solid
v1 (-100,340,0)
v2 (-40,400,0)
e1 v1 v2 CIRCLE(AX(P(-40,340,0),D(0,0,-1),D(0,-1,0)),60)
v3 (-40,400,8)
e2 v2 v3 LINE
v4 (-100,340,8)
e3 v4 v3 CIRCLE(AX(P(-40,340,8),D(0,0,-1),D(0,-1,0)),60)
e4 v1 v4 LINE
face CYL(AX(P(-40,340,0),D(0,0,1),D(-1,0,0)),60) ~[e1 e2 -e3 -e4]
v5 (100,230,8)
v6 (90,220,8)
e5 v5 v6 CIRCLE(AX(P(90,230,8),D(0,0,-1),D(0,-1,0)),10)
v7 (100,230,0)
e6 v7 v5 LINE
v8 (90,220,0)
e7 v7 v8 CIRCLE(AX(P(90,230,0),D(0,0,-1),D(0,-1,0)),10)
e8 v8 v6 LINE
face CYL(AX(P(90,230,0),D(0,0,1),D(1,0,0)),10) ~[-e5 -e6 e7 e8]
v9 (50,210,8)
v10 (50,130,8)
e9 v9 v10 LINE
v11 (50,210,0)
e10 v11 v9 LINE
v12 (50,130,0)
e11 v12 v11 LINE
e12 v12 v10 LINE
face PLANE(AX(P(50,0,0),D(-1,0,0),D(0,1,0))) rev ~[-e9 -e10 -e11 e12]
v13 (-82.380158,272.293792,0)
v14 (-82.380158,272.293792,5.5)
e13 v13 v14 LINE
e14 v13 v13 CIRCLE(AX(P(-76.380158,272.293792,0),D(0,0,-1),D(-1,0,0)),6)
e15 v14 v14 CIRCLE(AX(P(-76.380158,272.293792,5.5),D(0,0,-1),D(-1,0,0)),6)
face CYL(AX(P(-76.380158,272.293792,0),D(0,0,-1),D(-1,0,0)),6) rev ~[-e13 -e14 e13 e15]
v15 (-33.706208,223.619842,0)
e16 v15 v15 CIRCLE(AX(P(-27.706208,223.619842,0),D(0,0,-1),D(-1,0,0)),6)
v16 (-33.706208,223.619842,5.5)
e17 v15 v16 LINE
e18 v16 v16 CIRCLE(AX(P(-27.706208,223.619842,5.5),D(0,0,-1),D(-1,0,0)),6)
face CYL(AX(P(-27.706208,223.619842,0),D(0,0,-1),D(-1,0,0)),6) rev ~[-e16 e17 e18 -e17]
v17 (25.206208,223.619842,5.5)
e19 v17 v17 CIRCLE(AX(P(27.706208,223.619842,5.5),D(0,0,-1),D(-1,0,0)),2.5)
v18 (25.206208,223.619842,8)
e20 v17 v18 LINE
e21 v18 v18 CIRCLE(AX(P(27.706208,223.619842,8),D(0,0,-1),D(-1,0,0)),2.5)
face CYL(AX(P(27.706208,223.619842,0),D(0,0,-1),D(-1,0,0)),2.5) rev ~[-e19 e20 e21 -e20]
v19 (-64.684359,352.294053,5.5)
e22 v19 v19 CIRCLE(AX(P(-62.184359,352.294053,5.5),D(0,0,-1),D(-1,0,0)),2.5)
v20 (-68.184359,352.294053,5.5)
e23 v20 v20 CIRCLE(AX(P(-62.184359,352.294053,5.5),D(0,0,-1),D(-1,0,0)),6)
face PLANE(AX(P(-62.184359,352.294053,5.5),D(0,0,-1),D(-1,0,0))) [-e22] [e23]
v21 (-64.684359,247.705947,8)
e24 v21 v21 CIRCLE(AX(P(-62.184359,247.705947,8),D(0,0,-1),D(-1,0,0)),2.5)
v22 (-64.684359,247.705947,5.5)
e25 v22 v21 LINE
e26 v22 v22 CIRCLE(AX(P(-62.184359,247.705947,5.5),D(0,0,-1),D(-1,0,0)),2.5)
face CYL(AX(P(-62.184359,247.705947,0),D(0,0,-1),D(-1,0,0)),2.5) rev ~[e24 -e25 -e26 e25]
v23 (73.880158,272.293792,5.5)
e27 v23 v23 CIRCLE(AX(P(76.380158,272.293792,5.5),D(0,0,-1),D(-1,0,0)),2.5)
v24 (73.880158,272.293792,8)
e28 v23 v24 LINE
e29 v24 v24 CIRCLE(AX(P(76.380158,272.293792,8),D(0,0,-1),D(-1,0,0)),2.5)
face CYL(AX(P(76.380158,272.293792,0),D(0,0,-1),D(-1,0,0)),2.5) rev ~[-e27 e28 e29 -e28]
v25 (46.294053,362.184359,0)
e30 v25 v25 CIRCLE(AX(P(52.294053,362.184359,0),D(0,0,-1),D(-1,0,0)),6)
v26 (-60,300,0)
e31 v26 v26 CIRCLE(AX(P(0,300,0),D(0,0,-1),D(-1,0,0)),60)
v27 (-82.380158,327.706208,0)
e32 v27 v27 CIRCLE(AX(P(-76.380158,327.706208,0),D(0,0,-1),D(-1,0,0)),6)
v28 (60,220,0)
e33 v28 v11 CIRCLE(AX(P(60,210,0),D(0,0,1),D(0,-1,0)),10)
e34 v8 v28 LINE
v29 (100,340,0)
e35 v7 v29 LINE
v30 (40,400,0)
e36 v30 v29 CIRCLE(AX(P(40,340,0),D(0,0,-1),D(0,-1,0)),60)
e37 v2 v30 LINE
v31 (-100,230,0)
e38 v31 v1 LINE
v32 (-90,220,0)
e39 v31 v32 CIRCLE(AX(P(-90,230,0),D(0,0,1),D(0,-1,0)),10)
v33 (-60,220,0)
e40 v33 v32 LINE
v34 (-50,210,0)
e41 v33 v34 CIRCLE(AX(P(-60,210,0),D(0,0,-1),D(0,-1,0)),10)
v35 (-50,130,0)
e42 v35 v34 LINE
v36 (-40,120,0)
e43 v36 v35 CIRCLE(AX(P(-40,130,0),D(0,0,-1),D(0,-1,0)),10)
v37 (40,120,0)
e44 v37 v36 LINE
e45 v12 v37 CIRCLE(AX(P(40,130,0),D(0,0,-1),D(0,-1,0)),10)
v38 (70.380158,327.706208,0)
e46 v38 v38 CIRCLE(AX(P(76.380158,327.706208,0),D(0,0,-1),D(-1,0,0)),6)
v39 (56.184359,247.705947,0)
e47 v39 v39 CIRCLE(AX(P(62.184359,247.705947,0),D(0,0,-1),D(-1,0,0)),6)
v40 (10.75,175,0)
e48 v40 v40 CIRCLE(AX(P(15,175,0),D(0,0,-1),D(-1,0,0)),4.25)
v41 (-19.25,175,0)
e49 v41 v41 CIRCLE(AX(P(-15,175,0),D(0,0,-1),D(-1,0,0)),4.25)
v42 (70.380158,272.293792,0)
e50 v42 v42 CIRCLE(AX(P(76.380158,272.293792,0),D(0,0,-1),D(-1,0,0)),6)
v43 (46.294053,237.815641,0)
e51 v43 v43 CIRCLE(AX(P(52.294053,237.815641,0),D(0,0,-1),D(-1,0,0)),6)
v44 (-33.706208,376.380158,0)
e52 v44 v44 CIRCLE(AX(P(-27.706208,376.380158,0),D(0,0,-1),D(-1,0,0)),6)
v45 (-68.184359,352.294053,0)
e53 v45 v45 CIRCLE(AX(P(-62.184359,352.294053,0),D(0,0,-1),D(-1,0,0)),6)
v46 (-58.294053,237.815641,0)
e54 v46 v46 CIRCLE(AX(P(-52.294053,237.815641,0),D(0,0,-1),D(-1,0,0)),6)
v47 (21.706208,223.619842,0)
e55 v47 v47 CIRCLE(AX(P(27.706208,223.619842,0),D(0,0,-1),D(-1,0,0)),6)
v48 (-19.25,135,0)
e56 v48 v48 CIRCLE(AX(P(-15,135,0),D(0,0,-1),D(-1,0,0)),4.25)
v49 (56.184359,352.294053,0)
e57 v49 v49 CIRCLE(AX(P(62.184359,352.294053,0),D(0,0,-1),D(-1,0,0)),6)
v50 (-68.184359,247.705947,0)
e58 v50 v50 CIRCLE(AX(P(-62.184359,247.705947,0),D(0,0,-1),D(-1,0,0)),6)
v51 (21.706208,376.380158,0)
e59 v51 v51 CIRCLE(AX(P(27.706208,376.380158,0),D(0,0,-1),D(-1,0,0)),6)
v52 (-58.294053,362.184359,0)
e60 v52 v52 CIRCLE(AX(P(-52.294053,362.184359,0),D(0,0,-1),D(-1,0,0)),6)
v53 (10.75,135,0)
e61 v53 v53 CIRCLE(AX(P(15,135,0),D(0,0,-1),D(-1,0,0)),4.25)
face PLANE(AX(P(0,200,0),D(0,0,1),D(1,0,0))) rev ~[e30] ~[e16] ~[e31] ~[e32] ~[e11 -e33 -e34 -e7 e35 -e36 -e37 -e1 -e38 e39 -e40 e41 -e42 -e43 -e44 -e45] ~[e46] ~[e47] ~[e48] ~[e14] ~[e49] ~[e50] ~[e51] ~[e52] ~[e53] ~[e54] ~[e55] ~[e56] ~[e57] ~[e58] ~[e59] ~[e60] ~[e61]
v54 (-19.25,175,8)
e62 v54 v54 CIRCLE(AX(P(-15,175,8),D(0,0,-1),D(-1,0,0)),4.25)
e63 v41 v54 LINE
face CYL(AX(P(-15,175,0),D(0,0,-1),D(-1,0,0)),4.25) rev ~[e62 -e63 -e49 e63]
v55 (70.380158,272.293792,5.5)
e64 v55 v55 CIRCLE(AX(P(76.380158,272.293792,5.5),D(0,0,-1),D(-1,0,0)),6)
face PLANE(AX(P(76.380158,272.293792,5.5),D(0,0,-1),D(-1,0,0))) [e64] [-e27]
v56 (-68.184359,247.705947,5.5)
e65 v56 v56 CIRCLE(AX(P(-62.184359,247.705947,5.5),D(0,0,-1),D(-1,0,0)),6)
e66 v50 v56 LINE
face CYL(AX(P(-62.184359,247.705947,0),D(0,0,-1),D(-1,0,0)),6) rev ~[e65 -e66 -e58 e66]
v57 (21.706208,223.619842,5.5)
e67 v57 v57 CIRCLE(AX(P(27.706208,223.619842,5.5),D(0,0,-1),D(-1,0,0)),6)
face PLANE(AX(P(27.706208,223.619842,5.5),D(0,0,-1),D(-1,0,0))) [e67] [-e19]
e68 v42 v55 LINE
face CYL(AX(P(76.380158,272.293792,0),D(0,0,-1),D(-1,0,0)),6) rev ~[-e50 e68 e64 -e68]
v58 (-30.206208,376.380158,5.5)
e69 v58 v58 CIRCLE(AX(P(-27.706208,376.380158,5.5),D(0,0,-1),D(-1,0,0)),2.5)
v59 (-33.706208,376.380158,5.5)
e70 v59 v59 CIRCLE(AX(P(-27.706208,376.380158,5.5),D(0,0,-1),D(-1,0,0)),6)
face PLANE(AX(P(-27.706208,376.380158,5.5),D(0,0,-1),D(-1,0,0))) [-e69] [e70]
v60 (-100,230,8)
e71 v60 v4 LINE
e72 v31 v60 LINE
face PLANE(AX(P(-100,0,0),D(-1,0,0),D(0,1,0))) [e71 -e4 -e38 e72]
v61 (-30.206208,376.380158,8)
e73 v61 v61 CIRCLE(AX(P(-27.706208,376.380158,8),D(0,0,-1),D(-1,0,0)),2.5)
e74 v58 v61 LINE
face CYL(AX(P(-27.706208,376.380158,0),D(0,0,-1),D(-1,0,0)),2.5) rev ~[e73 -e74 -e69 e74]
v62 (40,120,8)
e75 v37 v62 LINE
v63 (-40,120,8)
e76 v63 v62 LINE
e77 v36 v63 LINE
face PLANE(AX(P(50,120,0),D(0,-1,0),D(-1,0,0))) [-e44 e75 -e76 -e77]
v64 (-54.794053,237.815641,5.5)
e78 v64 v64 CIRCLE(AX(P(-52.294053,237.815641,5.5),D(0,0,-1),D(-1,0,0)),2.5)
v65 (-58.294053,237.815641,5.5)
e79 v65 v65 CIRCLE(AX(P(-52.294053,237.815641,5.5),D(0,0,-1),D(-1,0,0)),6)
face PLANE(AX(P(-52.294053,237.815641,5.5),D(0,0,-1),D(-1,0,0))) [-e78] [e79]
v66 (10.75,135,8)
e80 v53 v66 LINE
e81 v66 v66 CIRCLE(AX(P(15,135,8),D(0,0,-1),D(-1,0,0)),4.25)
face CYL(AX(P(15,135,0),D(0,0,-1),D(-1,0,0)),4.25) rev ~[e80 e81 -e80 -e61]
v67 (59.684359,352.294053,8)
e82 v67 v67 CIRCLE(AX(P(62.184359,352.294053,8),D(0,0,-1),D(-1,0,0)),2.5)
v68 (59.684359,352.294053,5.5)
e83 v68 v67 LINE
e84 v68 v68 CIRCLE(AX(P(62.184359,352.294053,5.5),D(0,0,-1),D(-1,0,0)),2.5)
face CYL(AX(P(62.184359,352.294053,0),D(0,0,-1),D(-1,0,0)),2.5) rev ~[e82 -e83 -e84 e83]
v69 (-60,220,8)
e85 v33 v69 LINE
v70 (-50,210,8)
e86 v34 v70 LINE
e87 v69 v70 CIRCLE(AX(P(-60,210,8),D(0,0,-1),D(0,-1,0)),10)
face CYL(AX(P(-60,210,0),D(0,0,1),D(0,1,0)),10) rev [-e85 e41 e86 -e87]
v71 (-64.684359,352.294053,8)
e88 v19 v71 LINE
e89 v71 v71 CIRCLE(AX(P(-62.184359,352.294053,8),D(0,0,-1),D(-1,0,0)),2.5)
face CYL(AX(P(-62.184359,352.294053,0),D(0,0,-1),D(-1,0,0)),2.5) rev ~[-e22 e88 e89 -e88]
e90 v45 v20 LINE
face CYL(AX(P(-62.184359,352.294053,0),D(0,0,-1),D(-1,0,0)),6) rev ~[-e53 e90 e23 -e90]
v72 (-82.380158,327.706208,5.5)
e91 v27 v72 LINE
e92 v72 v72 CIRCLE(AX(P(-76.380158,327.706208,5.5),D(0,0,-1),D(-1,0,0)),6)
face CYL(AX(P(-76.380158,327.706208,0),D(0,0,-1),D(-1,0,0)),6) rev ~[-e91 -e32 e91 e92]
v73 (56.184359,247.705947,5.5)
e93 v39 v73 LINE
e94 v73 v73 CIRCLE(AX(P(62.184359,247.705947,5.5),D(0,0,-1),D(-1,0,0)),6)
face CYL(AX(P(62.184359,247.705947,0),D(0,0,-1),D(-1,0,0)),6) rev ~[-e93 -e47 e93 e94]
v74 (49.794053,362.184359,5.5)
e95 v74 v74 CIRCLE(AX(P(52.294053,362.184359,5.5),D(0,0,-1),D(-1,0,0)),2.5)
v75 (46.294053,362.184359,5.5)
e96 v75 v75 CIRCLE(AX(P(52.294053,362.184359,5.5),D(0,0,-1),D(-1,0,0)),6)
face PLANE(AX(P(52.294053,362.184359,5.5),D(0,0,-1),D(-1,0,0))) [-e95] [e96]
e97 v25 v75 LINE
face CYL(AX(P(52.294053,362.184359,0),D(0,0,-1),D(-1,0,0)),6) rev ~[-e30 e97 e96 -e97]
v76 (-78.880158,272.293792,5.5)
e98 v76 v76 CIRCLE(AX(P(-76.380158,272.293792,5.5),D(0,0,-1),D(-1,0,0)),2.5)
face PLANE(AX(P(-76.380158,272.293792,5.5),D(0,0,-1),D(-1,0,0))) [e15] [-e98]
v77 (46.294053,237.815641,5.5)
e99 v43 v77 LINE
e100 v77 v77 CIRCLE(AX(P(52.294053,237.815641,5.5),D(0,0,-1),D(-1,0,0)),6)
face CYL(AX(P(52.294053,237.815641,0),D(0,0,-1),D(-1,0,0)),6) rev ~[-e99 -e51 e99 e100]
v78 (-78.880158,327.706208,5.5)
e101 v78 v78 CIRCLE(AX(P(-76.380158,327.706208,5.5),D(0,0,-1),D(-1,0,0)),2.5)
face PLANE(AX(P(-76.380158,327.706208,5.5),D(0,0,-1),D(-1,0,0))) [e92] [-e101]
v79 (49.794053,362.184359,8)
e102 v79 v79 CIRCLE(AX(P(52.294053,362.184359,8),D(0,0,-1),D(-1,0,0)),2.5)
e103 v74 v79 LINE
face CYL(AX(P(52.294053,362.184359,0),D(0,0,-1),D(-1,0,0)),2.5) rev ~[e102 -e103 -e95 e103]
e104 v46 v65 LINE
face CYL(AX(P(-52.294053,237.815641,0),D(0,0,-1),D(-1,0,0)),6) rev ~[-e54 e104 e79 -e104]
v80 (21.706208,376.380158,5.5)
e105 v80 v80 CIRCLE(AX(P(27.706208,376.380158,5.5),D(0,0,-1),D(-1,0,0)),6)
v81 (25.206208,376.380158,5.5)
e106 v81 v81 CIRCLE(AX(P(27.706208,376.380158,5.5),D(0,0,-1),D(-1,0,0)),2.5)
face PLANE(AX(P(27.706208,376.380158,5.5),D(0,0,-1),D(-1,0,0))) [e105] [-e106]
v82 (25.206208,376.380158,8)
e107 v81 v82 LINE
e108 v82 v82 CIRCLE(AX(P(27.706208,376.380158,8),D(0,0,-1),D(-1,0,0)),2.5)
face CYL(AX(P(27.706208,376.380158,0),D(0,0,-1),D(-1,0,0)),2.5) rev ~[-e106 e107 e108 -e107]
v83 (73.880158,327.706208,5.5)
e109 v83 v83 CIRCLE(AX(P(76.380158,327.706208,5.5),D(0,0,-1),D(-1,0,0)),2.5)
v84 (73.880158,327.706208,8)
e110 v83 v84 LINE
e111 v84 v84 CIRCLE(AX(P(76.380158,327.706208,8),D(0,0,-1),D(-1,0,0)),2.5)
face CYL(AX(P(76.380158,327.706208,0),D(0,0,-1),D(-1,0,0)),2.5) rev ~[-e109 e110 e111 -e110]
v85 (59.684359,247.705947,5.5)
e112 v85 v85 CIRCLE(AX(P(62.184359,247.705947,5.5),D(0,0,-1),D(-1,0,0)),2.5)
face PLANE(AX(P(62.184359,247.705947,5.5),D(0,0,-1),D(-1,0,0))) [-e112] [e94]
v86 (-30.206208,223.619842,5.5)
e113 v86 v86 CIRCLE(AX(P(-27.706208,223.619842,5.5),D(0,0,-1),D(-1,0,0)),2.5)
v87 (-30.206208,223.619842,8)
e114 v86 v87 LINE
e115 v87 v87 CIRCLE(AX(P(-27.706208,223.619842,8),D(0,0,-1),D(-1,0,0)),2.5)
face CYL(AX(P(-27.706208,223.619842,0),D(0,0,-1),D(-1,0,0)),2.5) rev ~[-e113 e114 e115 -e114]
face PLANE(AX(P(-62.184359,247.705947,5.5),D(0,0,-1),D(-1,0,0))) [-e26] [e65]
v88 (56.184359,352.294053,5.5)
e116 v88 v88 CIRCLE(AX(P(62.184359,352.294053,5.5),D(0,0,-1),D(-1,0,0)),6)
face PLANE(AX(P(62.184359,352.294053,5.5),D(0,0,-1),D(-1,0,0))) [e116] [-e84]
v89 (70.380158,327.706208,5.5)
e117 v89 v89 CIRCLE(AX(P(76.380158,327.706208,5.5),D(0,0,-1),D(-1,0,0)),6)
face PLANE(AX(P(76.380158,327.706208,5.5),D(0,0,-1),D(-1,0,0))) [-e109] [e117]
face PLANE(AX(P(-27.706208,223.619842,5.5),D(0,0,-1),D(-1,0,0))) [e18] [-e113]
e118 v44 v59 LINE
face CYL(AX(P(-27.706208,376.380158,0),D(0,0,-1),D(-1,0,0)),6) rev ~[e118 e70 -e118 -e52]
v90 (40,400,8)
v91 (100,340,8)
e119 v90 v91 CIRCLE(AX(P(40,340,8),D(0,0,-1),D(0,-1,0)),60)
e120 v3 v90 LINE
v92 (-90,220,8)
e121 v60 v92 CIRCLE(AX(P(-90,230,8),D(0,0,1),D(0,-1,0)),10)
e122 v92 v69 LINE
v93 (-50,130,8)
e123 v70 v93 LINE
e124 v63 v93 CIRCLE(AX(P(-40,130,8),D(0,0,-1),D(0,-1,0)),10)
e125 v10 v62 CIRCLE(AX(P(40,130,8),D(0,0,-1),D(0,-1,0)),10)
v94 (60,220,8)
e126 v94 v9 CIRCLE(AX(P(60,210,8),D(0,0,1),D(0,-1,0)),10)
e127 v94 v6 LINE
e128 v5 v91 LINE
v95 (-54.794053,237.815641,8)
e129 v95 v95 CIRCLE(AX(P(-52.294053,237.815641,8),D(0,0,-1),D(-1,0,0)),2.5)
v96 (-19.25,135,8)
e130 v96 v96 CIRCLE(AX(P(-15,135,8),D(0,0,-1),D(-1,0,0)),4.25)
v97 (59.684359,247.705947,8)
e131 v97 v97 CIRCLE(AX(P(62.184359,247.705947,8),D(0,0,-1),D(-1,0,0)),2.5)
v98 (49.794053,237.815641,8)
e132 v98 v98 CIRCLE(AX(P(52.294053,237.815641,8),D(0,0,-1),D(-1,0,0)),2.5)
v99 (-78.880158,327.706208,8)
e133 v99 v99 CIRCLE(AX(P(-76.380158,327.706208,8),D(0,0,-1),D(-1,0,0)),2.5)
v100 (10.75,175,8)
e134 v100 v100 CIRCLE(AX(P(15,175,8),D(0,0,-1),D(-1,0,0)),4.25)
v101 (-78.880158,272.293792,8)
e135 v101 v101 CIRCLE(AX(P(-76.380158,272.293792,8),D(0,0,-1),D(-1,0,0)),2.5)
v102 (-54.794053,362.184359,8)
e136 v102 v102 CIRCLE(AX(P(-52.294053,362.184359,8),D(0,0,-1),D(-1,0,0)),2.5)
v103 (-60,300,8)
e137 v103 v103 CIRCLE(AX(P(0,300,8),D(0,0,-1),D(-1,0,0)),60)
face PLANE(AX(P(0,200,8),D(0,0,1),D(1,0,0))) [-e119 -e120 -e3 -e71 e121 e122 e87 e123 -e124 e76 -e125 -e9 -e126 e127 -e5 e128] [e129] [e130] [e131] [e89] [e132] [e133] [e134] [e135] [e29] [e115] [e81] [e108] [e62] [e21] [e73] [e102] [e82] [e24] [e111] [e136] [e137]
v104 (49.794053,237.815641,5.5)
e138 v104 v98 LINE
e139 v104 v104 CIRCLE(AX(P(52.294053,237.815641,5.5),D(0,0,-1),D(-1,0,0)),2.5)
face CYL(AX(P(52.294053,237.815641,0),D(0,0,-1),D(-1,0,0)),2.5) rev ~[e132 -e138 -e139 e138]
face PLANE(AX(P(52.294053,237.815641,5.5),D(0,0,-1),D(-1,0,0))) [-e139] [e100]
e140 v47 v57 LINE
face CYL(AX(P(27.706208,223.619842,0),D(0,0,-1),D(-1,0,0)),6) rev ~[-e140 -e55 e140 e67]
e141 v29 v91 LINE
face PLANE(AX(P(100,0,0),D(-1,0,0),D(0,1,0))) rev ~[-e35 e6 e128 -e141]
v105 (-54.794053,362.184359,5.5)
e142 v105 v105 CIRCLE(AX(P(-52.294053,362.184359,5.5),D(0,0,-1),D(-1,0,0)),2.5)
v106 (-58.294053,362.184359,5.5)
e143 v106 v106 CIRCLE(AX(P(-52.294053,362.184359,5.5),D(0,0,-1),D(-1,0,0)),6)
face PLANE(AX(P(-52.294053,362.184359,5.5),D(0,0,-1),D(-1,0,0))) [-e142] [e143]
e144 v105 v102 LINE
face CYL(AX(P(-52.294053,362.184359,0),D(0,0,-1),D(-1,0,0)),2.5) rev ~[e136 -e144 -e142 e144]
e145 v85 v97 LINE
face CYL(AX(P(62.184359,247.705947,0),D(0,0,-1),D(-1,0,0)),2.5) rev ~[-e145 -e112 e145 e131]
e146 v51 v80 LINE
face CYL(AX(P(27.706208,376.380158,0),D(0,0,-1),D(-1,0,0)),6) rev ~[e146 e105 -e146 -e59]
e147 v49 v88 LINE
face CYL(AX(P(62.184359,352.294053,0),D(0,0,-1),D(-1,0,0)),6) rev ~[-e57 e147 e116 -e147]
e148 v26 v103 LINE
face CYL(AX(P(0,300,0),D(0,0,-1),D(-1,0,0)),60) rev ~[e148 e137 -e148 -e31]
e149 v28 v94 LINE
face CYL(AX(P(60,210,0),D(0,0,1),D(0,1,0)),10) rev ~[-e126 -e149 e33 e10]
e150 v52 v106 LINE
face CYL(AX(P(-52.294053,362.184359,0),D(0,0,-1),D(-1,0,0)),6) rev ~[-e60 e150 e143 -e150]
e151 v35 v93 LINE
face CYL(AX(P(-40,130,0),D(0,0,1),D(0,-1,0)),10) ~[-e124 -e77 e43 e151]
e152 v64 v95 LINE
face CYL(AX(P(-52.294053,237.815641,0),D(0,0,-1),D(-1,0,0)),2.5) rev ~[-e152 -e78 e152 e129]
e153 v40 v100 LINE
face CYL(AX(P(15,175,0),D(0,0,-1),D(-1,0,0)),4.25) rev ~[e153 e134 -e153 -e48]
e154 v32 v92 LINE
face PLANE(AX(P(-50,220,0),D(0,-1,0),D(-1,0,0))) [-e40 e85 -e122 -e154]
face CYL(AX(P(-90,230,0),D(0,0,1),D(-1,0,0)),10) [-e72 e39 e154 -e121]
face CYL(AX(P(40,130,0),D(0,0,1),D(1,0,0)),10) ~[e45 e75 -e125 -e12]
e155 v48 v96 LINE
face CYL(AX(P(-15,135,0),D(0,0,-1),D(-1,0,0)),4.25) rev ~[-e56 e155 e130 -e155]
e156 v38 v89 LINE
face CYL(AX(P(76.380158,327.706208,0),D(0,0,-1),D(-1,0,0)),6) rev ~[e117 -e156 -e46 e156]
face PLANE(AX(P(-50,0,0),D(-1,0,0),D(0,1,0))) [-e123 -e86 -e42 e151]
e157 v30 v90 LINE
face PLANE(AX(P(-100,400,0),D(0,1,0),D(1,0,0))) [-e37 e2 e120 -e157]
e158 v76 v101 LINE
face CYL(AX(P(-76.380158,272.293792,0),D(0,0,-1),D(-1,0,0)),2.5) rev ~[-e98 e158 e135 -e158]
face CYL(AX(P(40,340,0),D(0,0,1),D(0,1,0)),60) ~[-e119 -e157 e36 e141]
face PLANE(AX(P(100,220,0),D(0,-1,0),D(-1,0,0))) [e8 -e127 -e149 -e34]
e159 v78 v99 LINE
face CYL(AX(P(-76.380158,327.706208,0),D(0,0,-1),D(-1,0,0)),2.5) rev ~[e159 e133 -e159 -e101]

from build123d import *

# Parameters (mm, degrees)
SKETCH_1_W          = 200
SKETCH_1_H          = 400
EXTRUDE_1_DEPTH     = 8
SKETCH_2_R          = 60
CUT_EXTRUDE_1_DEPTH = 10
FILLET_1_R          = 60
SKETCH_5_R          = 4.25
CUT_EXTRUDE_4_DEPTH = 10
SKETCH_6_W          = 50
SKETCH_6_H          = 220
CUT_EXTRUDE_5_DEPTH = 10
FILLET_2_R          = 10
SKETCH_7_R          = 2.5
CUT_EXTRUDE_6_DEPTH = 69
SKETCH_8_R          = 6
CUT_EXTRUDE_7_DEPTH = 5.5
SKETCH_9_W          = 100
SKETCH_9_H          = 120
CUT_EXTRUDE_8_DEPTH = 10
FILLET_3_R          = 10


with BuildPart() as part:
    # 草图1 → 凸台-拉伸1 (new body)
    with BuildSketch(Plane.XY):
        with Locations((0, 200)):
            Rectangle(SKETCH_1_W, SKETCH_1_H)
    extrude(amount=EXTRUDE_1_DEPTH)

    # 草图2 → 切除-拉伸1 (cut)
    with BuildSketch(Plane(origin=(0, 0, 0), x_dir=(-1, 0, 0), z_dir=(0, 0, -1))):
        with Locations((0, 300)):
            Circle(SKETCH_2_R)
    extrude(amount=-CUT_EXTRUDE_1_DEPTH, mode=Mode.SUBTRACT)

    # 圆角1
    fillet_1_edges = [part.edges().sort_by_distance(p)[0] for p in [
        (100, 400, 4),
        (-100, 400, 4),
    ]]
    fillet(fillet_1_edges, radius=FILLET_1_R)

    # 草图5 → 切除-拉伸4 (cut)
    with BuildSketch(Plane(origin=(0, 0, 0), x_dir=(-1, 0, 0), z_dir=(0, 0, -1))):
        with Locations((-15, 25)):
            Circle(SKETCH_5_R)
        with Locations((15, 25)):
            Circle(SKETCH_5_R)
        with Locations((-15, 65)):
            Circle(SKETCH_5_R)
        with Locations((15, 65)):
            Circle(SKETCH_5_R)
        with Locations((-15, 175)):
            Circle(SKETCH_5_R)
        with Locations((15, 135)):
            Circle(SKETCH_5_R)
        with Locations((-15, 135)):
            Circle(SKETCH_5_R)
        with Locations((15, 175)):
            Circle(SKETCH_5_R)
    extrude(amount=-CUT_EXTRUDE_4_DEPTH, mode=Mode.SUBTRACT)

    # 草图6 → 切除-拉伸5 (cut)
    with BuildSketch(Plane(origin=(0, 0, 0), x_dir=(-1, 0, 0), z_dir=(0, 0, -1))):
        with Locations((75, 110)):
            Rectangle(SKETCH_6_W, SKETCH_6_H)
        with Locations((-75, 110)):
            Rectangle(SKETCH_6_W, SKETCH_6_H)
    extrude(amount=-CUT_EXTRUDE_5_DEPTH, mode=Mode.SUBTRACT)

    # 圆角2
    fillet_2_edges = [part.edges().sort_by_distance(p)[0] for p in [
        (-100, 220, 4),
        (-50, 220, 4),
        (100, 220, 4),
        (50, 220, 4),
    ]]
    fillet(fillet_2_edges, radius=FILLET_2_R)

    # 草图7 → 切除-拉伸6 (cut)
    with BuildSketch(Plane(origin=(0, 0, 0), x_dir=(-1, 0, 0), z_dir=(0, 0, -1))):
        with Locations((27.706208015, 376.380158009)):
            Circle(SKETCH_7_R)
        with Locations((52.294053173, 362.184358988)):
            Circle(SKETCH_7_R)
        with Locations((62.184358988, 352.294053173)):
            Circle(SKETCH_7_R)
        with Locations((76.380158009, 327.706208015)):
            Circle(SKETCH_7_R)
        with Locations((76.380158009, 272.293791985)):
            Circle(SKETCH_7_R)
        with Locations((62.184358988, 247.705946827)):
            Circle(SKETCH_7_R)
        with Locations((52.294053173, 237.815641012)):
            Circle(SKETCH_7_R)
        with Locations((27.706208015, 223.619841991)):
            Circle(SKETCH_7_R)
        with Locations((-27.706208015, 223.619841991)):
            Circle(SKETCH_7_R)
        with Locations((-52.294053173, 237.815641012)):
            Circle(SKETCH_7_R)
        with Locations((-62.184358988, 247.705946827)):
            Circle(SKETCH_7_R)
        with Locations((-76.380158009, 272.293791985)):
            Circle(SKETCH_7_R)
        with Locations((-76.380158009, 327.706208015)):
            Circle(SKETCH_7_R)
        with Locations((-62.184358988, 352.294053173)):
            Circle(SKETCH_7_R)
        with Locations((-52.294053173, 362.184358988)):
            Circle(SKETCH_7_R)
        with Locations((-27.706208015, 376.380158009)):
            Circle(SKETCH_7_R)
    extrude(amount=-CUT_EXTRUDE_6_DEPTH, mode=Mode.SUBTRACT)

    # 草图8 → 切除-拉伸7 (cut)
    with BuildSketch(Plane(origin=(0, 0, 0), x_dir=(-1, 0, 0), z_dir=(0, 0, -1))):
        with Locations((27.706208015, 376.380158009)):
            Circle(SKETCH_8_R)
        with Locations((52.294053173, 362.184358988)):
            Circle(SKETCH_8_R)
        with Locations((62.184358988, 352.294053173)):
            Circle(SKETCH_8_R)
        with Locations((76.380158009, 327.706208015)):
            Circle(SKETCH_8_R)
        with Locations((76.380158009, 272.293791985)):
            Circle(SKETCH_8_R)
        with Locations((62.184358988, 247.705946827)):
            Circle(SKETCH_8_R)
        with Locations((52.294053173, 237.815641012)):
            Circle(SKETCH_8_R)
        with Locations((27.706208015, 223.619841991)):
            Circle(SKETCH_8_R)
        with Locations((-27.706208015, 223.619841991)):
            Circle(SKETCH_8_R)
        with Locations((-52.294053173, 237.815641012)):
            Circle(SKETCH_8_R)
        with Locations((-62.184358988, 247.705946827)):
            Circle(SKETCH_8_R)
        with Locations((-76.380158009, 272.293791985)):
            Circle(SKETCH_8_R)
        with Locations((-76.380158009, 327.706208015)):
            Circle(SKETCH_8_R)
        with Locations((-62.184358988, 352.294053173)):
            Circle(SKETCH_8_R)
        with Locations((-52.294053173, 362.184358988)):
            Circle(SKETCH_8_R)
        with Locations((-27.706208015, 376.380158009)):
            Circle(SKETCH_8_R)
    extrude(amount=-CUT_EXTRUDE_7_DEPTH, mode=Mode.SUBTRACT)

    # 草图9 → 切除-拉伸8 (cut)
    with BuildSketch(Plane(origin=(0, 0, 0), x_dir=(-1, 0, 0), z_dir=(0, 0, -1))):
        with Locations((0, 60)):
            Rectangle(SKETCH_9_W, SKETCH_9_H)
    extrude(amount=-CUT_EXTRUDE_8_DEPTH, mode=Mode.SUBTRACT)

    # 圆角3
    fillet_3_edges = [part.edges().sort_by_distance(p)[0] for p in [
        (-50, 120, 4),
        (50, 120, 4),
    ]]
    fillet(fillet_3_edges, radius=FILLET_3_R)


solid = part.part
